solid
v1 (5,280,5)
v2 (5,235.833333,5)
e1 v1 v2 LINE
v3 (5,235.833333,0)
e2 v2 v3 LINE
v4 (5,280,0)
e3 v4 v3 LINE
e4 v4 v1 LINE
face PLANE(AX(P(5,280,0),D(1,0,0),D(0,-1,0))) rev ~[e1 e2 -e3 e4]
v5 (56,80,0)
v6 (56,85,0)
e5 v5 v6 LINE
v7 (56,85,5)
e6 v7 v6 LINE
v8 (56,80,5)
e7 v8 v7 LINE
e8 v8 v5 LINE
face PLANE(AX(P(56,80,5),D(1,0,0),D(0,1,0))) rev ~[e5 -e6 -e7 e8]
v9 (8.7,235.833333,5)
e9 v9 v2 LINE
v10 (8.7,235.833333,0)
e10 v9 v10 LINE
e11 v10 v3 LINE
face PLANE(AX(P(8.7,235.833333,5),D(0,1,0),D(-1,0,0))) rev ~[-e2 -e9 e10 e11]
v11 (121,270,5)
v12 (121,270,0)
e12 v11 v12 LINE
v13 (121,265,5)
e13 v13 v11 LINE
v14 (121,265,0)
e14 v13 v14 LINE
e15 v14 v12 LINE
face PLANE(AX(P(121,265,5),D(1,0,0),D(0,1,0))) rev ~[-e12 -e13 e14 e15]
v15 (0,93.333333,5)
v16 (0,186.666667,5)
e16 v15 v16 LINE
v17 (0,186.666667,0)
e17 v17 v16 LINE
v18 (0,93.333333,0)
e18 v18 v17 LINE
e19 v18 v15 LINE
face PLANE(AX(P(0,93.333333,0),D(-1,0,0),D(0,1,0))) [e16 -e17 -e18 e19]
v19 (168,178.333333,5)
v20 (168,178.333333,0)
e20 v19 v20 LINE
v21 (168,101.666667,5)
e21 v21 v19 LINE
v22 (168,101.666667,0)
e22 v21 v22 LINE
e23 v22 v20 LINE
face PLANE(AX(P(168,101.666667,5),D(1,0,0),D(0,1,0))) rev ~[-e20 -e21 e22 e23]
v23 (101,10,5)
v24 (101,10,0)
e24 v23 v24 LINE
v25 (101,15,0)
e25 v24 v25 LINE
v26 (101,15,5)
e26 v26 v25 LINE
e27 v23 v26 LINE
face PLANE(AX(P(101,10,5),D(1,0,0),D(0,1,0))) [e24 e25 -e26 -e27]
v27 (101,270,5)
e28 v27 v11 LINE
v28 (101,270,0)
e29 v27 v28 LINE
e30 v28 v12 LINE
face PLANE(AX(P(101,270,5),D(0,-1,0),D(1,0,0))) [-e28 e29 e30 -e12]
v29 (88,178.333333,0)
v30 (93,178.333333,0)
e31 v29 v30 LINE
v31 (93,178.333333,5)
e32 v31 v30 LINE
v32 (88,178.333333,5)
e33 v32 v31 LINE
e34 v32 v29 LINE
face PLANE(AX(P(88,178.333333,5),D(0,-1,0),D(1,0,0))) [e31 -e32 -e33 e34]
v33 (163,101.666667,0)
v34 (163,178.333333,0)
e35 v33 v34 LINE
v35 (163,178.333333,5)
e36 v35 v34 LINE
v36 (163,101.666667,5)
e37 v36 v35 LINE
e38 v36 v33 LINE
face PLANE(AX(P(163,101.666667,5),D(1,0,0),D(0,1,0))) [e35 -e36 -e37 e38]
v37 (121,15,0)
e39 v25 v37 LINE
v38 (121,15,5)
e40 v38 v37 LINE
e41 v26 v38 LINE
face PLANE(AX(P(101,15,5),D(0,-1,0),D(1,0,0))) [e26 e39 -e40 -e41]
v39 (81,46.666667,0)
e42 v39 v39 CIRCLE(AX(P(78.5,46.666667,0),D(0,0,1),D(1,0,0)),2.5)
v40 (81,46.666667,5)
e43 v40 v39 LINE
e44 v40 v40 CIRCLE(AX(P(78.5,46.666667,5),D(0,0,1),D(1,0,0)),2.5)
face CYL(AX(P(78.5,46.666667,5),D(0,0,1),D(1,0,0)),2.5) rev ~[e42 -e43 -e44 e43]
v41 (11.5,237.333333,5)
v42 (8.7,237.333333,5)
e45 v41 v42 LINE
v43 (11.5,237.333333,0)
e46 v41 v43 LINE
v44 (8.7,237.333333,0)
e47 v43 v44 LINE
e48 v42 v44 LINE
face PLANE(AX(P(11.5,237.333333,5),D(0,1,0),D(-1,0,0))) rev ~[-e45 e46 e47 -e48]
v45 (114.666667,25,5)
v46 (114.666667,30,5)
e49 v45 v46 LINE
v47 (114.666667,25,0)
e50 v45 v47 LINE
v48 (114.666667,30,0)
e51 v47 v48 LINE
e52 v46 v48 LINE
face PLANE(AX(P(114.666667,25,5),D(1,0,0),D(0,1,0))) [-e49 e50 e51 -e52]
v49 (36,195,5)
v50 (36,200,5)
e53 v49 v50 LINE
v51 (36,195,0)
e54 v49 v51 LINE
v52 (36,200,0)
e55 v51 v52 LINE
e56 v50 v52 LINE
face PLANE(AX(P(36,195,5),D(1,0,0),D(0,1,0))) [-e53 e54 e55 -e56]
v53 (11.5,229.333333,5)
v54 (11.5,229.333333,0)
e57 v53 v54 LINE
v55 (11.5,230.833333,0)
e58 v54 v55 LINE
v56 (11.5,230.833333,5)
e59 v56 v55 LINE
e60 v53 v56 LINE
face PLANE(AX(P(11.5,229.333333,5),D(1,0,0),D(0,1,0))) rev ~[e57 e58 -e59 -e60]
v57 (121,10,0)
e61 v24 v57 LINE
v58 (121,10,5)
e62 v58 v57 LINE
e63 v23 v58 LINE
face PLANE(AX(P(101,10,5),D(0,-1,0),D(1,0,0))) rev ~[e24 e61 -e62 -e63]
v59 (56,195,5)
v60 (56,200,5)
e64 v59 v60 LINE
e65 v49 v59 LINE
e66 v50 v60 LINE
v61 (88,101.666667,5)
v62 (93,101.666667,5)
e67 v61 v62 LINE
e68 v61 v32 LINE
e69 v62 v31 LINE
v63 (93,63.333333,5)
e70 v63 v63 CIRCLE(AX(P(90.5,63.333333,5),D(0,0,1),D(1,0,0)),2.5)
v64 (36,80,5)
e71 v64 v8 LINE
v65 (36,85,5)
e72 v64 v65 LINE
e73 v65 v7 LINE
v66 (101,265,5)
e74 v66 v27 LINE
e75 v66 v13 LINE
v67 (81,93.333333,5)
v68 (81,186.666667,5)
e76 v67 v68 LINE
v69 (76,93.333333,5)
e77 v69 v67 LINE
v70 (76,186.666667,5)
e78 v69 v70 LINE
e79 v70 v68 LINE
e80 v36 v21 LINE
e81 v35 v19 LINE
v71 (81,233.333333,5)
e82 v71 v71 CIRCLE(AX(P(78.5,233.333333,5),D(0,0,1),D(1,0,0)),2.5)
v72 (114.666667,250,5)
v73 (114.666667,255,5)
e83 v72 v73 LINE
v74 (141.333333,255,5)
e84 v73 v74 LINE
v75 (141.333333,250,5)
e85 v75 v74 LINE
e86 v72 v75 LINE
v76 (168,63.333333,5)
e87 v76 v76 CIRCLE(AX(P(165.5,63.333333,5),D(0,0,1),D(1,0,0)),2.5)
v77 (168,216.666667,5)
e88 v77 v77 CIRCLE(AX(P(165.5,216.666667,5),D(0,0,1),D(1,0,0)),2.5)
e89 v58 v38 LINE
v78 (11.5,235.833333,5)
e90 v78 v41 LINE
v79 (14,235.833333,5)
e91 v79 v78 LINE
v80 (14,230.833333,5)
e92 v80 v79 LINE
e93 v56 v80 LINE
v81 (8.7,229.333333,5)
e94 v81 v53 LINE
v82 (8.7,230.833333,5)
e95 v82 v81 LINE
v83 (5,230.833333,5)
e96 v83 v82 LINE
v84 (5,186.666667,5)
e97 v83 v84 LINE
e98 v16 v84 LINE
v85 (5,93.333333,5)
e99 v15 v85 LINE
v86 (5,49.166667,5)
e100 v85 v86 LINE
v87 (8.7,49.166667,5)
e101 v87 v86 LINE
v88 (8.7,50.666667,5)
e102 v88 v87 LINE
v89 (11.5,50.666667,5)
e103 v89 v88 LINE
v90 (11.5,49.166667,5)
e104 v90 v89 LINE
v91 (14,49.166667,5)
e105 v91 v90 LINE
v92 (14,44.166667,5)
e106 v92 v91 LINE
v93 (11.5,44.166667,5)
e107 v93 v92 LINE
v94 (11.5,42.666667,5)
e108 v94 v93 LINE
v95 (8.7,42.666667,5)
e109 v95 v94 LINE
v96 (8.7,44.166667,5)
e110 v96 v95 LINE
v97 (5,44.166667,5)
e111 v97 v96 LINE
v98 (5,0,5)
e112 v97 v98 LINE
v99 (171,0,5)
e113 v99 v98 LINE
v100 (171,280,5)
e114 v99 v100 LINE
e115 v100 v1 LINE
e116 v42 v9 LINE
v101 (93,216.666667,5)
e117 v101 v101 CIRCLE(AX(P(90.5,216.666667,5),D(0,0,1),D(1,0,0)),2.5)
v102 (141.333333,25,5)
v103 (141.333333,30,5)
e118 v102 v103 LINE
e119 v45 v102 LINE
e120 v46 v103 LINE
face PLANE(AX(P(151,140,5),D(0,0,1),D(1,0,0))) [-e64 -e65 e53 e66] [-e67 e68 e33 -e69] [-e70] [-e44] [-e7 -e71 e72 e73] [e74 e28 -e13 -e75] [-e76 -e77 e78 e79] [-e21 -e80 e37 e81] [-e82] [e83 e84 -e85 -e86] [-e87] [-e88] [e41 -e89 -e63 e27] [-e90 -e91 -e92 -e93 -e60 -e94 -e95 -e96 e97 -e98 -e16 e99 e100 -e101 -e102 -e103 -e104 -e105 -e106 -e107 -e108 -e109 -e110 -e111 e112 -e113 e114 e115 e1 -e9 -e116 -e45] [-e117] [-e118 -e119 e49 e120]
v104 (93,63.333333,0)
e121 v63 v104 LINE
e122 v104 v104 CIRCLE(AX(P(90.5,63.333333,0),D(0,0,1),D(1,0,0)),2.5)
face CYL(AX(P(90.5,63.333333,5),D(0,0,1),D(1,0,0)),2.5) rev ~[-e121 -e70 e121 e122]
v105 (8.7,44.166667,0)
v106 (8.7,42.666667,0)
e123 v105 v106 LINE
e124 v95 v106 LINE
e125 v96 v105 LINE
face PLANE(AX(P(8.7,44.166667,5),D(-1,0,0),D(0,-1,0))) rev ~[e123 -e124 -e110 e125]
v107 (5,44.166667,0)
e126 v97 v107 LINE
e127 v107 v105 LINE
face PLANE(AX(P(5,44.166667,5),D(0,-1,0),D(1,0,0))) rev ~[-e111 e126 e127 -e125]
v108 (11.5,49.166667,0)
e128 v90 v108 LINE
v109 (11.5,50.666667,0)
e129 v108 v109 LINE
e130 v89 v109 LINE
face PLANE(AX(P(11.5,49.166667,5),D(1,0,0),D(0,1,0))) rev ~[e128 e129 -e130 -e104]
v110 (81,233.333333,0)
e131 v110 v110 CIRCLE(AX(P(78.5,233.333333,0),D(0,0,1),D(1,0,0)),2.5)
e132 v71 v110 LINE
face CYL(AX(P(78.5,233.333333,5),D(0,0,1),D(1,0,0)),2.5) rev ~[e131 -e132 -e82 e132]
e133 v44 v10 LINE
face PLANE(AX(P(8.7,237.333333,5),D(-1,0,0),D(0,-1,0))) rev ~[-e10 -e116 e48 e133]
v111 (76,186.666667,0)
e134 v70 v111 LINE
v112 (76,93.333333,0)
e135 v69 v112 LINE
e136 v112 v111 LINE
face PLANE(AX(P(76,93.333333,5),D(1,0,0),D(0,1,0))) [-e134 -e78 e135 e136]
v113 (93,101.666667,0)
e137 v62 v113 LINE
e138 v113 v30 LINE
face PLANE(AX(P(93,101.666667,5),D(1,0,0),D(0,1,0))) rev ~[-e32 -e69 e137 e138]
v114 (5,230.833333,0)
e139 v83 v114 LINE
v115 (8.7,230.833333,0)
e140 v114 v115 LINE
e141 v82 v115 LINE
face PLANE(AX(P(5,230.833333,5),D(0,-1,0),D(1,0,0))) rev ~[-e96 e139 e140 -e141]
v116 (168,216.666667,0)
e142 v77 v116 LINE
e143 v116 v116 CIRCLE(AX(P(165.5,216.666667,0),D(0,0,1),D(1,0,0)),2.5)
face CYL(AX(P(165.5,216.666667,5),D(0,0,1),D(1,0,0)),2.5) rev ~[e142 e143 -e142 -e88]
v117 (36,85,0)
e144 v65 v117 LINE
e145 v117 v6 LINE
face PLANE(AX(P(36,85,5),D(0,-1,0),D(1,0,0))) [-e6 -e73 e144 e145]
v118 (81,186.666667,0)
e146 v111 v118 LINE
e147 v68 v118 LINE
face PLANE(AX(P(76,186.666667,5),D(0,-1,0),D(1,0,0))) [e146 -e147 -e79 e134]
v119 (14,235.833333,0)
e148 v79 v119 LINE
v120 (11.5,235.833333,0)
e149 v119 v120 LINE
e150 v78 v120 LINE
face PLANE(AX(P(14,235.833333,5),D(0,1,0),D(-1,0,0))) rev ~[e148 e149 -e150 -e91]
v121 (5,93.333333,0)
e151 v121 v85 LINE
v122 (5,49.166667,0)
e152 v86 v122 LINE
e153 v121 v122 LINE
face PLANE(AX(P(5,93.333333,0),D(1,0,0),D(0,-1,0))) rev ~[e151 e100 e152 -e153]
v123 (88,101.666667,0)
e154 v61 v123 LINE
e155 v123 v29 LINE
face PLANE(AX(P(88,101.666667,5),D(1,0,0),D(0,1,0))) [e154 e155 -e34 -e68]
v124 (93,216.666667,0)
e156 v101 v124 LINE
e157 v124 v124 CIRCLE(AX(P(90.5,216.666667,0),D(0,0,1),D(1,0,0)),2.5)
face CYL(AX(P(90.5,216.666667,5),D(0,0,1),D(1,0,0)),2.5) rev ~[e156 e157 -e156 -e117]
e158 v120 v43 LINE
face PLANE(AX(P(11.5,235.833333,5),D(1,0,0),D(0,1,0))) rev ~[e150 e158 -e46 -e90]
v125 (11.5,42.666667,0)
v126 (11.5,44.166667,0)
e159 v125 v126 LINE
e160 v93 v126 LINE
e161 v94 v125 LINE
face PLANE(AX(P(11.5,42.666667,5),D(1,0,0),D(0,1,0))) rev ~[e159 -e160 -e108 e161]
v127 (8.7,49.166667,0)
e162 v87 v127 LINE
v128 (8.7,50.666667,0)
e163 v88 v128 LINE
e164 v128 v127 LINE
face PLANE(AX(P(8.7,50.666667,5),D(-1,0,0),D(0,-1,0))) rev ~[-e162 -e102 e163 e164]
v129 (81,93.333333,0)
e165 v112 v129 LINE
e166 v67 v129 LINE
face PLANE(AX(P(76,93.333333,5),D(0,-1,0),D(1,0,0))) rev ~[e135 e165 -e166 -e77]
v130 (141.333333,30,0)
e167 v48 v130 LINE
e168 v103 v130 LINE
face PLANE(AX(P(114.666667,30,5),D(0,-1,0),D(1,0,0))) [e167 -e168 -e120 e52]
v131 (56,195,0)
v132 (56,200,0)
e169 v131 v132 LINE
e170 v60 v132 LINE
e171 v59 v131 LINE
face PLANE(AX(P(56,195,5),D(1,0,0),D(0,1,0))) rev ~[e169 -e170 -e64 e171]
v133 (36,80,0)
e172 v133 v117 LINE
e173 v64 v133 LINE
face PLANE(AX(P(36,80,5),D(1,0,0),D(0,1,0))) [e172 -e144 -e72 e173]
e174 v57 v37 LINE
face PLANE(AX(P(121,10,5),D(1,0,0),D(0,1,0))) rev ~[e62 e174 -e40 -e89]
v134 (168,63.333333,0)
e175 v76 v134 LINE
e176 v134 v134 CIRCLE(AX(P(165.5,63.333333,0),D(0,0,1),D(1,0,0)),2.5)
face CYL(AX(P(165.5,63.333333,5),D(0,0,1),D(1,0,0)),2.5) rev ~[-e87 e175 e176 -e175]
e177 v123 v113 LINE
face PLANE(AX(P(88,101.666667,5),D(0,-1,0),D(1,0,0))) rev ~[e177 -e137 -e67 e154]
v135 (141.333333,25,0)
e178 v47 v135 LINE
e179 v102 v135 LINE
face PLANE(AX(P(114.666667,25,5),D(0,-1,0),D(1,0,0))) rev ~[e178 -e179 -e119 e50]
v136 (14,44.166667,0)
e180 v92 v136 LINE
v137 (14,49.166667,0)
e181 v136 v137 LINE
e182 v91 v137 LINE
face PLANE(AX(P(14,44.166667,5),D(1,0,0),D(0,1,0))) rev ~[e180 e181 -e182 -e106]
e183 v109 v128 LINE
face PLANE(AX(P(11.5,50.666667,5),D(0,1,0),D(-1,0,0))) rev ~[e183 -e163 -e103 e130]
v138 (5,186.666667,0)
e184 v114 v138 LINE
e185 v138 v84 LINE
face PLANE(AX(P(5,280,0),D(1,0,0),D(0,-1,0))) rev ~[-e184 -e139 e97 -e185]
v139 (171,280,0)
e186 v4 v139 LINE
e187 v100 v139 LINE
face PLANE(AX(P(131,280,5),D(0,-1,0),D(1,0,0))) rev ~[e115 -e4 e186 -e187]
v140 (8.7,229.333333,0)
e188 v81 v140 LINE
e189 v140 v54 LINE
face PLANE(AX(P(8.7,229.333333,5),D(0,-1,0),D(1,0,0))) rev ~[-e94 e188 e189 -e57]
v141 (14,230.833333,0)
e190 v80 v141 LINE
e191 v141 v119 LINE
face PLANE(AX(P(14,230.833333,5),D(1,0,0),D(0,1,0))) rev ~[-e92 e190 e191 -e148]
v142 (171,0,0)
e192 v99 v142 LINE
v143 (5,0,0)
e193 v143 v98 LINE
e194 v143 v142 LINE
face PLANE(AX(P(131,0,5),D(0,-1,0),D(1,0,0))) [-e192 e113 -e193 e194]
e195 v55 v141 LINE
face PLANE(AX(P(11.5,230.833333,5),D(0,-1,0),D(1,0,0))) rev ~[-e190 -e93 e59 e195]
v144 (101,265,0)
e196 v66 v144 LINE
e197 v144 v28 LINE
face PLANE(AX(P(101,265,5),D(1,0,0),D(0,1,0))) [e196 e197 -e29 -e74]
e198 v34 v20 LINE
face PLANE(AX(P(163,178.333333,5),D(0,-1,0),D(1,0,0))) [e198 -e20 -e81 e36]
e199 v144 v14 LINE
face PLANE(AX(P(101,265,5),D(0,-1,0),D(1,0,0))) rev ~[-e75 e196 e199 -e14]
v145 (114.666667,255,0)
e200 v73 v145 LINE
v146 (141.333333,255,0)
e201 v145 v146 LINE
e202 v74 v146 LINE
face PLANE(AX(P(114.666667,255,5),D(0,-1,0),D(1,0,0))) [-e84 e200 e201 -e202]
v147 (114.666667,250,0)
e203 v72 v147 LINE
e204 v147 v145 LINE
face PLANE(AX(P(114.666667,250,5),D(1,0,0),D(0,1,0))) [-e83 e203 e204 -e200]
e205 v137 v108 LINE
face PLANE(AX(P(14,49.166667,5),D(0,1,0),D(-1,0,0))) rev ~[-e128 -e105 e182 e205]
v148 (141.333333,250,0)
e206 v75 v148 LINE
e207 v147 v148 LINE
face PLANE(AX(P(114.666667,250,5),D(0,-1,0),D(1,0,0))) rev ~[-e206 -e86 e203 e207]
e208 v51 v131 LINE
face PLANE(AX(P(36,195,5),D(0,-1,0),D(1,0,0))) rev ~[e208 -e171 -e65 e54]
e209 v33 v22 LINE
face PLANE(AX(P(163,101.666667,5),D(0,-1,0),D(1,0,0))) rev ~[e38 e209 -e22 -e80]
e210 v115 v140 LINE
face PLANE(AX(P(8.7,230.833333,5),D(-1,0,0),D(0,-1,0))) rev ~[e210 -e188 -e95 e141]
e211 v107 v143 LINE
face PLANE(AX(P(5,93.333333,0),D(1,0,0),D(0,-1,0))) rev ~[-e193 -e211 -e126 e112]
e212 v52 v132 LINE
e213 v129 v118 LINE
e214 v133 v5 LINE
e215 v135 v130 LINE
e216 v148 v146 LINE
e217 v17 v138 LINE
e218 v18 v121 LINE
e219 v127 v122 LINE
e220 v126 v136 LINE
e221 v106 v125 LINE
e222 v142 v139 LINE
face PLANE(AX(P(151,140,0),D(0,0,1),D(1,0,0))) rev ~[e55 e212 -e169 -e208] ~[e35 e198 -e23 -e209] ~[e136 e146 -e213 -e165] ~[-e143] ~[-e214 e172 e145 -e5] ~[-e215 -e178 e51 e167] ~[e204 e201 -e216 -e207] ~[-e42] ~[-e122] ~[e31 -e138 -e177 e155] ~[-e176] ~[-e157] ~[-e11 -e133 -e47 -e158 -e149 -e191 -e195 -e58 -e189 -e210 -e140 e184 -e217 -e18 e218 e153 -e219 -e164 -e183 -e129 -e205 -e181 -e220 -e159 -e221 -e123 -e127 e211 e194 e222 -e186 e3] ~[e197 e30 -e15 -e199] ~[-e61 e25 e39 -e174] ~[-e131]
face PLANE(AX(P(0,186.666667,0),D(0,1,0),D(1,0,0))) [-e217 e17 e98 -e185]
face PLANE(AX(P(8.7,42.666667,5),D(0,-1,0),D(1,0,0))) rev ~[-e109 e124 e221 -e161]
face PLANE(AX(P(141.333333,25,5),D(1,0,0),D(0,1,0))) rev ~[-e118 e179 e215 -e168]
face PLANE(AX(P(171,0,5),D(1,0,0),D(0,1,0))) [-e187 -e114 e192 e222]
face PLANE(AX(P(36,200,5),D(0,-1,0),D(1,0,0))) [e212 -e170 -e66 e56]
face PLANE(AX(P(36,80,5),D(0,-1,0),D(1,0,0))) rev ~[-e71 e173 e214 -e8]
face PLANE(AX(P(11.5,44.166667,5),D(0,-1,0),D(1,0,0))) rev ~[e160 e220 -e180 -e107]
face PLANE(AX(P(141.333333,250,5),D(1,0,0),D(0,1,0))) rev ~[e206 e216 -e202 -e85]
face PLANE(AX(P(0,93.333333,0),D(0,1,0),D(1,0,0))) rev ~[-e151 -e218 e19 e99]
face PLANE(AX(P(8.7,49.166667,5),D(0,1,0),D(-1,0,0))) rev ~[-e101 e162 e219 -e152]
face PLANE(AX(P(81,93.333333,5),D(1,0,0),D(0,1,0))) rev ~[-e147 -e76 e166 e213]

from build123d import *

# Parameters (mm, degrees)
CROQUIS1_W              = 5
CROQUIS1_H              = 93.333333334
SALIENTE_EXTRUIR1_DEPTH = 5
CORTAR_EXTRUIR1_DEPTH   = 5
CROQUIS3_W              = 5
CROQUIS3_H              = 93.333333334
CORTAR_EXTRUIR2_DEPTH   = 5
CROQUIS4_R              = 2.5
CORTAR_EXTRUIR3_DEPTH   = 5
CROQUIS5_W              = 20
CROQUIS5_H              = 5
CORTAR_EXTRUIR4_DEPTH   = 5
CROQUIS6_W              = 40
CROQUIS6_H              = 280
SALIENTE_EXTRUIR2_DEPTH = 5
CROQUIS7_W              = 5
CROQUIS7_H              = 76.666666666
CROQUIS7_W_2            = 26.666666666
CROQUIS7_H_2            = 5
CROQUIS7_R              = 2.5
CORTAR_EXTRUIR5_DEPTH   = 5


with BuildPart() as part:
    # Croquis1 → Saliente-Extruir1 (new body)
    with BuildSketch(Plane.XY):
        Polygon((5, 93.333333333), (5, 0), (131, 0), (131, 93.333333333), (131, 186.666666667), (131, 280), (5, 280), (5, 186.666666667), align=None)
        with Locations((2.5, 140)):
            Rectangle(CROQUIS1_W, CROQUIS1_H)
    extrude(amount=SALIENTE_EXTRUIR1_DEPTH)

    # Croquis2 → Cortar-Extruir1 (cut)
    with BuildSketch(Plane.XY.offset(5)):
        Polygon((8.7, 235.833333333), (5, 235.833333333), (5, 230.833333333), (8.7, 230.833333333), (8.7, 229.333333333), (11.5, 229.333333333), (11.5, 230.833333333), (14, 230.833333333), (14, 235.833333333), (11.5, 235.833333333), (11.5, 237.333333333), (8.7, 237.333333333), align=None)
        Polygon((8.7, 49.166666667), (5, 49.166666667), (5, 44.166666667), (8.7, 44.166666667), (8.7, 42.666666667), (11.5, 42.666666667), (11.5, 44.166666667), (14, 44.166666667), (14, 49.166666667), (11.5, 49.166666667), (11.5, 50.666666667), (8.7, 50.666666667), align=None)
    extrude(amount=-CORTAR_EXTRUIR1_DEPTH, mode=Mode.SUBTRACT)

    # Croquis3 → Cortar-Extruir2 (cut)
    with BuildSketch(Plane.XY.offset(5)):
        with Locations((78.5, 140)):
            Rectangle(CROQUIS3_W, CROQUIS3_H)
    extrude(amount=-CORTAR_EXTRUIR2_DEPTH, mode=Mode.SUBTRACT)

    # Croquis4 → Cortar-Extruir3 (cut)
    with BuildSketch(Plane.XY.offset(5)):
        with Locations((78.5, 233.333333333)):
            Circle(CROQUIS4_R)
        with Locations((78.5, 46.666666667)):
            Circle(CROQUIS4_R)
    extrude(amount=-CORTAR_EXTRUIR3_DEPTH, mode=Mode.SUBTRACT)

    # Croquis5 → Cortar-Extruir4 (cut)
    with BuildSketch(Plane.XY.offset(5)):
        with Locations((46, 197.5)):
            Rectangle(CROQUIS5_W, CROQUIS5_H)
        with Locations((111, 267.5)):
            Rectangle(CROQUIS5_W, CROQUIS5_H)
        with Locations((46, 82.5)):
            Rectangle(CROQUIS5_W, CROQUIS5_H)
        with Locations((111, 12.5)):
            Rectangle(CROQUIS5_W, CROQUIS5_H)
    extrude(amount=-CORTAR_EXTRUIR4_DEPTH, mode=Mode.SUBTRACT)

    # Croquis6 → Saliente-Extruir2 (add)
    with BuildSketch(Plane.XY.offset(5)):
        with Locations((151, 140)):
            Rectangle(CROQUIS6_W, CROQUIS6_H)
    extrude(amount=-SALIENTE_EXTRUIR2_DEPTH)

    # Croquis7 → Cortar-Extruir5 (cut)
    with BuildSketch(Plane.XY.offset(5)):
        with Locations((90.5, 140)):
            Rectangle(CROQUIS7_W, CROQUIS7_H)
        with Locations((165.5, 140)):
            Rectangle(CROQUIS7_W, CROQUIS7_H)
        with Locations((128, 27.5)):
            Rectangle(CROQUIS7_W_2, CROQUIS7_H_2)
        with Locations((128, 252.5)):
            Rectangle(CROQUIS7_W_2, CROQUIS7_H_2)
        with Locations((90.5, 216.666666667)):
            Circle(CROQUIS7_R)
        with Locations((165.5, 216.666666667)):
            Circle(CROQUIS7_R)
        with Locations((165.5, 63.333333333)):
            Circle(CROQUIS7_R)
        with Locations((90.5, 63.333333333)):
            Circle(CROQUIS7_R)
    extrude(amount=-CORTAR_EXTRUIR5_DEPTH, mode=Mode.SUBTRACT)


solid = part.part
